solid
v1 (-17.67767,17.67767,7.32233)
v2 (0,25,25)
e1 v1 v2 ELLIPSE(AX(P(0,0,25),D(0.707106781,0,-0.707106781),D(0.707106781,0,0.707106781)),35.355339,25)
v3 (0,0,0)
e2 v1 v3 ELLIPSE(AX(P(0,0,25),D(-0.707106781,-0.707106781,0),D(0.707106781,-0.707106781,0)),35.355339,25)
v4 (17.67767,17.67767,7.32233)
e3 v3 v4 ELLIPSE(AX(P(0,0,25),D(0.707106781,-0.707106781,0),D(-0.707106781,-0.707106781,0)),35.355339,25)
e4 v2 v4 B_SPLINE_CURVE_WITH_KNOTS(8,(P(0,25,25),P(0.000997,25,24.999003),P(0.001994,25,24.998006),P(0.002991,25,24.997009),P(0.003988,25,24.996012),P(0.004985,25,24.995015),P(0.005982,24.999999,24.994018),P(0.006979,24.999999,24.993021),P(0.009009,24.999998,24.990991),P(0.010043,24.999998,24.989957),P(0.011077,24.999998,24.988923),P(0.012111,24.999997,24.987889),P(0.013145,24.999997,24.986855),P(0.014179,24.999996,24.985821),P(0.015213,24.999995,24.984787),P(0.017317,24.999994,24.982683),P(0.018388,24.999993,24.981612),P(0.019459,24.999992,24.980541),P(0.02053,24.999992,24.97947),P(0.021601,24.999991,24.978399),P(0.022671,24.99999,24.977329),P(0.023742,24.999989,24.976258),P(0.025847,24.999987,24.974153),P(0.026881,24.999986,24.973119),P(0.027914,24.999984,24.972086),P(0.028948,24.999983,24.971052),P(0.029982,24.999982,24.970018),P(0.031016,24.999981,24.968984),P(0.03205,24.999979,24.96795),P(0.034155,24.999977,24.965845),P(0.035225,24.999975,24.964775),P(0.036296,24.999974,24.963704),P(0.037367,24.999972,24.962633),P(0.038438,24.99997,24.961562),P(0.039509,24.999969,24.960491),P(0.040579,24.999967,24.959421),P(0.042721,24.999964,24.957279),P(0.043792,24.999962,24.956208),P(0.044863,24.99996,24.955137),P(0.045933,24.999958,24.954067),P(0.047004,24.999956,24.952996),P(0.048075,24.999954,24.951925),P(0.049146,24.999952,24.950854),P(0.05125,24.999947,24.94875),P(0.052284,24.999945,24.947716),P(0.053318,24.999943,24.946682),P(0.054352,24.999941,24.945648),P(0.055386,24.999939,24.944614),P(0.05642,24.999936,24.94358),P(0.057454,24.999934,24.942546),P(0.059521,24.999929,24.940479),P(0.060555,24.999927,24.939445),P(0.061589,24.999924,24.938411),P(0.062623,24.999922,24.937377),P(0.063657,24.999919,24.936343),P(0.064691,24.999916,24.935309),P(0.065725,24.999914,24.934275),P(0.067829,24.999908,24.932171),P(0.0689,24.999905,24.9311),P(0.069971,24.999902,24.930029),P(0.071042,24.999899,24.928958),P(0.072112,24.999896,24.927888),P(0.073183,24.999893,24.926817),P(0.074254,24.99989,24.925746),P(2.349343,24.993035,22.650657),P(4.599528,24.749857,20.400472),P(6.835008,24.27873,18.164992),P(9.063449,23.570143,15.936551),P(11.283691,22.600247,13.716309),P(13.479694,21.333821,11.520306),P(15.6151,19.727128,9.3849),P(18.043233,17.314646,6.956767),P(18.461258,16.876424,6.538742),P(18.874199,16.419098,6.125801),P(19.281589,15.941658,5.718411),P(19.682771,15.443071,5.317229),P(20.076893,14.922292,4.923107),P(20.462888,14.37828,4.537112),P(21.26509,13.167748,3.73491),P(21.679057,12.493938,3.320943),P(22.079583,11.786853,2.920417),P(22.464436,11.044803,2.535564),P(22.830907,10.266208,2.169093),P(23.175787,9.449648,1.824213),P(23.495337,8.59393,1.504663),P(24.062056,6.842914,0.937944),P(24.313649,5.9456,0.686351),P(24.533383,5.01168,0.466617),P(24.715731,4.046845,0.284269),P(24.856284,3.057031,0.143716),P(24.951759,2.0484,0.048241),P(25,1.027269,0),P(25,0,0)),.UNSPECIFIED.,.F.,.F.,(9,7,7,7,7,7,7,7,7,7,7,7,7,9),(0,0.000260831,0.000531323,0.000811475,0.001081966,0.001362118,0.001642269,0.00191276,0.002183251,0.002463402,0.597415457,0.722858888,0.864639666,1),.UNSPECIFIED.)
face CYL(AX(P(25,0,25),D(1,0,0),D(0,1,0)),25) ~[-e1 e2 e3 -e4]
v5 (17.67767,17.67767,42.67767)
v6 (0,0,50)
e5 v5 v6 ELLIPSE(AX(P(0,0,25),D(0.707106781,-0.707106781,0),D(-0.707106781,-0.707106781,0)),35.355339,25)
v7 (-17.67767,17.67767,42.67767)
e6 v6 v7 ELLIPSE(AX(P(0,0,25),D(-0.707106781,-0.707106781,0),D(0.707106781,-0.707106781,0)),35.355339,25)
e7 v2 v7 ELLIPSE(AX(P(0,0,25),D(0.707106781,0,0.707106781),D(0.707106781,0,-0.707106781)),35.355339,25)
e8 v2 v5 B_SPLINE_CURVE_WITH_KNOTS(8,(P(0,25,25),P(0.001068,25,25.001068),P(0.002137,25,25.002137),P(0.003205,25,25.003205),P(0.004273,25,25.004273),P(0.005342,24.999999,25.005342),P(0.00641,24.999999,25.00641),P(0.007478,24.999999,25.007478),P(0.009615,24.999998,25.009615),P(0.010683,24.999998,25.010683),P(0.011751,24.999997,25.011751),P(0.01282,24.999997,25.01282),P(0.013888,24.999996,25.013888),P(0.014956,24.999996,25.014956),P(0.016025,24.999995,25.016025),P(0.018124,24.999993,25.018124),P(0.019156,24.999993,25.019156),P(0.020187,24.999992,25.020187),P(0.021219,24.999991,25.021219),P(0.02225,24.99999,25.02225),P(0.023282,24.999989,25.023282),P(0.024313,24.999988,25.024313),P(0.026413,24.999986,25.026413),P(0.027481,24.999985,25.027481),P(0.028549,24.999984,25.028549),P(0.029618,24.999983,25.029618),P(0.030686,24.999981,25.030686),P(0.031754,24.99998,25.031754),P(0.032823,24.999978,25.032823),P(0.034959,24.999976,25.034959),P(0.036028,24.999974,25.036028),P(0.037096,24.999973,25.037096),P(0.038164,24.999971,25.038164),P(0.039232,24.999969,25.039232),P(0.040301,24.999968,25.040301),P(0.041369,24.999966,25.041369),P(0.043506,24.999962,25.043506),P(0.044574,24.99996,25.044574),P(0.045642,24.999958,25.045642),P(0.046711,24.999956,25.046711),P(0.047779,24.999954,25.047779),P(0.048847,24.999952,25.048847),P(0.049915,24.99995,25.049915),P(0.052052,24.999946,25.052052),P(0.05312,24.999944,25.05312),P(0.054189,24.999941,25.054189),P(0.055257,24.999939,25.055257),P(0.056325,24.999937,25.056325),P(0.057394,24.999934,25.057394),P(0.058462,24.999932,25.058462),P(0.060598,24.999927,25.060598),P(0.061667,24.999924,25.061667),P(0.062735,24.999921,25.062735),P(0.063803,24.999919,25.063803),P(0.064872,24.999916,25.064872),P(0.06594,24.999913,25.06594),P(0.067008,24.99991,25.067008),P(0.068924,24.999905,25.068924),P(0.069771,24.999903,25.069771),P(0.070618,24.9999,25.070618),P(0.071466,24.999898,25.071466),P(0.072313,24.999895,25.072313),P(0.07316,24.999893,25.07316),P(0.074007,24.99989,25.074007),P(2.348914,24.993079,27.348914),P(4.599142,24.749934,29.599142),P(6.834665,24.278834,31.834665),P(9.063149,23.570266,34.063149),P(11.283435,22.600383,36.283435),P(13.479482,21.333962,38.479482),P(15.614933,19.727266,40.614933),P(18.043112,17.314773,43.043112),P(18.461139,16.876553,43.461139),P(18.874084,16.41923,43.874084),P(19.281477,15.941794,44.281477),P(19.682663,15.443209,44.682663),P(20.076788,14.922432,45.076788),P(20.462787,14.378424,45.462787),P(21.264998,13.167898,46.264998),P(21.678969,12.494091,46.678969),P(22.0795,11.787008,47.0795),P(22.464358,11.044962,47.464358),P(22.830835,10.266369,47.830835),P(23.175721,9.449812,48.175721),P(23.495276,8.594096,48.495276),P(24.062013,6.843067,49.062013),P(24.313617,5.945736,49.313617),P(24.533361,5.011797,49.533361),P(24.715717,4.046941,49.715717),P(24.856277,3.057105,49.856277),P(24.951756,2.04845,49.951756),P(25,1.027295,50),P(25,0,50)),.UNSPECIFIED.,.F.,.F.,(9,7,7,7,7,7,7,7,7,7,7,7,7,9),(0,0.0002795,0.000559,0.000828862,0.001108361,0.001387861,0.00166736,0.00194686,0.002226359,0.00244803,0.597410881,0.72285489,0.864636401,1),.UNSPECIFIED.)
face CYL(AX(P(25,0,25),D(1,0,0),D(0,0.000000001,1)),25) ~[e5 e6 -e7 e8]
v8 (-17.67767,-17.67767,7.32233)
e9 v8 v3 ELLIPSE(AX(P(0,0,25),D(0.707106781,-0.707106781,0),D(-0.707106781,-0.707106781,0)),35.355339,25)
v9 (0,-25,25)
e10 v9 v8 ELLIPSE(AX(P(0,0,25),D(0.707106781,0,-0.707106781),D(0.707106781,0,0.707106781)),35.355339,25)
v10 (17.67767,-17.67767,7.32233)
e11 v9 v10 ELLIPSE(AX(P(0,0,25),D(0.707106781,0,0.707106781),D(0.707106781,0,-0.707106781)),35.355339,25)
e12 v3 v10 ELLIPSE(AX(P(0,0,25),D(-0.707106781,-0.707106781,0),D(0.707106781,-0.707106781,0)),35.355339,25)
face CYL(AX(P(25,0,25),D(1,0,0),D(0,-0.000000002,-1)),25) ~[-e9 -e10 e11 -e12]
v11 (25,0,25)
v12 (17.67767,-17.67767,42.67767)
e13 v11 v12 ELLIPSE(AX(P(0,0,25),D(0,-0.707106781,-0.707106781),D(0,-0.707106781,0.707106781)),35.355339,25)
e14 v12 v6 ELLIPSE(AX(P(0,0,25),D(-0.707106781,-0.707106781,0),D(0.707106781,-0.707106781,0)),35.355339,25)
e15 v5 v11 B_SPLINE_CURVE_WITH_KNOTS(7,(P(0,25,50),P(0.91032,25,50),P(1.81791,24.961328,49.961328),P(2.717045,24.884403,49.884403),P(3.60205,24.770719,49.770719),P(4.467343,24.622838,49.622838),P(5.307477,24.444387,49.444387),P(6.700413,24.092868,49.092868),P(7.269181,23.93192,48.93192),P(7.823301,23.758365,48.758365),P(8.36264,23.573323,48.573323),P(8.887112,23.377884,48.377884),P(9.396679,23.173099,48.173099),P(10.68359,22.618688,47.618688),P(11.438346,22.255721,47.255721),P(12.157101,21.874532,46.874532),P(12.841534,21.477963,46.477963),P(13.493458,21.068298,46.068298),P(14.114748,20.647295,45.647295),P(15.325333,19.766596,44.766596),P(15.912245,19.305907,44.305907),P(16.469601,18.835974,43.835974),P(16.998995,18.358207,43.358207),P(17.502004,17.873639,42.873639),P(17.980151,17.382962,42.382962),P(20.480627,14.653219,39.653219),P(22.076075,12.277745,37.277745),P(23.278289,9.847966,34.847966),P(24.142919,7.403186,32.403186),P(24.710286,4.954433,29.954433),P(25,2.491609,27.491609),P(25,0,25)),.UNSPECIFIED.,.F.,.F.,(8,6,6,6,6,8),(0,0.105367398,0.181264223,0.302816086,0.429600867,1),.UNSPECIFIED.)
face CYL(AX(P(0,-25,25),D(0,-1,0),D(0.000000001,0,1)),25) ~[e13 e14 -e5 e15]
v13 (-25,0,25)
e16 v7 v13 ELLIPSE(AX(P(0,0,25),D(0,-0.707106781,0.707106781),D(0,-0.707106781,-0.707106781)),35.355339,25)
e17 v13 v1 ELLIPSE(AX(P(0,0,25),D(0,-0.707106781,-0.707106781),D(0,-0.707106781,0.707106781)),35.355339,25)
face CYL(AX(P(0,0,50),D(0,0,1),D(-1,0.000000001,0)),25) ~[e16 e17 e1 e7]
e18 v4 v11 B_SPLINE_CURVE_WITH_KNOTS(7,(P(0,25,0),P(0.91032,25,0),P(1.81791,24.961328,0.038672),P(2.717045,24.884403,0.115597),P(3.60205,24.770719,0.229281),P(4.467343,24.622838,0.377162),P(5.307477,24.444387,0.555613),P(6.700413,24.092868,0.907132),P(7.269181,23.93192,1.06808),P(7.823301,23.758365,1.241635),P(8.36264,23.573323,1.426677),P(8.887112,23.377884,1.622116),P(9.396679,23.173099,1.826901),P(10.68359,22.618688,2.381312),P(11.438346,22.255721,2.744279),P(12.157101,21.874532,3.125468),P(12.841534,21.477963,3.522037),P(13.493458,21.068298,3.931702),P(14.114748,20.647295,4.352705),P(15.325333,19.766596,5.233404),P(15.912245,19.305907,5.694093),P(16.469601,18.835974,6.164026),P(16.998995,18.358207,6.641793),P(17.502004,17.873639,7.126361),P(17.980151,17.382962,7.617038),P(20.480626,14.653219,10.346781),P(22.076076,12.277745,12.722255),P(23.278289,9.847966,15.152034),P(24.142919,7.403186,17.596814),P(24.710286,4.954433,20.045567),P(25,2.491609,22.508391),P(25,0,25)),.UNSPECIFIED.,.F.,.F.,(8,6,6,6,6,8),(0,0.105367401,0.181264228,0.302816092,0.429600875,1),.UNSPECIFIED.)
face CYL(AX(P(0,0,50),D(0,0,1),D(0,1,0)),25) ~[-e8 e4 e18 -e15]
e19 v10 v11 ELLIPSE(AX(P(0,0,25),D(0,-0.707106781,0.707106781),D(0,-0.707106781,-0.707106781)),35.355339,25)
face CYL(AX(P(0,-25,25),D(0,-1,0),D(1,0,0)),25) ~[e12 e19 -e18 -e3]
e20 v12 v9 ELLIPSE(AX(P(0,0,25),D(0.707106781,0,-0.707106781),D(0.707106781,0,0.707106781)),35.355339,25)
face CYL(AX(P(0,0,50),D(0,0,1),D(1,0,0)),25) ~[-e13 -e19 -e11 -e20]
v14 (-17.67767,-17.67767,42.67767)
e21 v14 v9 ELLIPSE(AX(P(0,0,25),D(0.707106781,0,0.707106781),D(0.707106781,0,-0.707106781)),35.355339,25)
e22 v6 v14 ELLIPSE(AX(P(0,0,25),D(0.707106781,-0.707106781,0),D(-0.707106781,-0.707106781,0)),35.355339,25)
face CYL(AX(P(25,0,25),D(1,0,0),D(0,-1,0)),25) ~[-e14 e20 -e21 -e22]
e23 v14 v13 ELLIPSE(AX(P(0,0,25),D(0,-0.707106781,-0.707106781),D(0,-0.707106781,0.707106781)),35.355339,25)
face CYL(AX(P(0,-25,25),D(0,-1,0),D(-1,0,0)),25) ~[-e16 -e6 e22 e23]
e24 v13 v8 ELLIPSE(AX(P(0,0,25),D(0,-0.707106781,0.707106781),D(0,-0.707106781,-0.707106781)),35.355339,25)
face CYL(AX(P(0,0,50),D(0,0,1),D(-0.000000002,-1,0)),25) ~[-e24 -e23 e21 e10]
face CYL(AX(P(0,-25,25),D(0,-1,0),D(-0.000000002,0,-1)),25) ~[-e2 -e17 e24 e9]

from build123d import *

# Parameters (mm, degrees)
F0_W     = 50
F0_H     = 50
F1_DEPTH = 50
F5_DEPTH = 60
F6_DEPTH = 60
F7_DEPTH = 60


with BuildPart() as f1:
    # F0 (on Top) → F1 (new body)
    with BuildSketch(Plane.XY):
        Rectangle(F0_W, F0_H)
    extrude(amount=F1_DEPTH)

    # F2 (on face) → F5 (cut)
    with BuildSketch(Plane.XZ.offset(25)):
        with BuildLine():
            ThreePointArc((2.61e-08, 50), (17.6776695389, 42.6776695204), (25, 25))
            Line((25, 25), (25, 50))
            Line((25, 50), (2.61e-08, 50))
        make_face()
        with BuildLine():
            Line((25, 0), (25, 25))
            ThreePointArc((25, 25), (17.677669509, 7.3223304497), (-5.83e-08, 0))
            Line((-5.83e-08, 0), (25, 0))
        make_face()
        with BuildLine():
            Line((-25, 0), (-5.83e-08, 0))
            ThreePointArc((-5.83e-08, 0), (-17.6776695503, 7.322330491), (-25, 25))
            Line((-25, 25), (-25, 0))
        make_face()
        with BuildLine():
            ThreePointArc((-25, 25), (-17.6776695204, 42.6776695389), (2.61e-08, 50))
            Line((2.61e-08, 50), (-25, 50))
            Line((-25, 50), (-25, 25))
        make_face()
    extrude(amount=-F5_DEPTH, mode=Mode.SUBTRACT)

    # F4 (on face) → F6 (cut)
    with BuildSketch(Plane.YZ.offset(25)):
        with BuildLine():
            ThreePointArc((-25, 25), (-17.6776695204, 42.6776695389), (2.61e-08, 50))
            Line((2.61e-08, 50), (-25, 50))
            Line((-25, 50), (-25, 25))
        make_face()
        with BuildLine():
            ThreePointArc((2.61e-08, 50), (17.6776695389, 42.6776695204), (25, 25))
            Line((25, 25), (25, 50))
            Line((25, 50), (2.61e-08, 50))
        make_face()
        with BuildLine():
            Line((25, 0), (25, 25))
            ThreePointArc((25, 25), (17.677669509, 7.3223304497), (-5.83e-08, 0))
            Line((-5.83e-08, 0), (25, 0))
        make_face()
        with BuildLine():
            Line((-25, 0), (-5.83e-08, 0))
            ThreePointArc((-5.83e-08, 0), (-17.6776695503, 7.322330491), (-25, 25))
            Line((-25, 25), (-25, 0))
        make_face()
    extrude(amount=-F6_DEPTH, mode=Mode.SUBTRACT)

    # F3 (on face) → F7 (cut)
    with BuildSketch(Plane.XY.offset(50)):
        with BuildLine():
            Line((25, -25), (25, 0))
            ThreePointArc((25, 0), (17.677669509, -17.6776695503), (-5.83e-08, -25))
            Line((-5.83e-08, -25), (25, -25))
        make_face()
        with BuildLine():
            Line((-25, -25), (-5.83e-08, -25))
            ThreePointArc((-5.83e-08, -25), (-17.6776695595, -17.6776694998), (-25, 2.61e-08))
            Line((-25, 2.61e-08), (-25, -25))
        make_face()
        with BuildLine():
            ThreePointArc((-25, 2.61e-08), (-17.6776695204, 17.6776695389), (0, 25))
            Line((0, 25), (-25, 25))
            Line((-25, 25), (-25, 2.61e-08))
        make_face()
        with BuildLine():
            ThreePointArc((0, 25), (17.6776695297, 17.6776695297), (25, 0))
            Line((25, 0), (25, 25))
            Line((25, 25), (0, 25))
        make_face()
    extrude(amount=-F7_DEPTH, mode=Mode.SUBTRACT)


solid = f1.part
